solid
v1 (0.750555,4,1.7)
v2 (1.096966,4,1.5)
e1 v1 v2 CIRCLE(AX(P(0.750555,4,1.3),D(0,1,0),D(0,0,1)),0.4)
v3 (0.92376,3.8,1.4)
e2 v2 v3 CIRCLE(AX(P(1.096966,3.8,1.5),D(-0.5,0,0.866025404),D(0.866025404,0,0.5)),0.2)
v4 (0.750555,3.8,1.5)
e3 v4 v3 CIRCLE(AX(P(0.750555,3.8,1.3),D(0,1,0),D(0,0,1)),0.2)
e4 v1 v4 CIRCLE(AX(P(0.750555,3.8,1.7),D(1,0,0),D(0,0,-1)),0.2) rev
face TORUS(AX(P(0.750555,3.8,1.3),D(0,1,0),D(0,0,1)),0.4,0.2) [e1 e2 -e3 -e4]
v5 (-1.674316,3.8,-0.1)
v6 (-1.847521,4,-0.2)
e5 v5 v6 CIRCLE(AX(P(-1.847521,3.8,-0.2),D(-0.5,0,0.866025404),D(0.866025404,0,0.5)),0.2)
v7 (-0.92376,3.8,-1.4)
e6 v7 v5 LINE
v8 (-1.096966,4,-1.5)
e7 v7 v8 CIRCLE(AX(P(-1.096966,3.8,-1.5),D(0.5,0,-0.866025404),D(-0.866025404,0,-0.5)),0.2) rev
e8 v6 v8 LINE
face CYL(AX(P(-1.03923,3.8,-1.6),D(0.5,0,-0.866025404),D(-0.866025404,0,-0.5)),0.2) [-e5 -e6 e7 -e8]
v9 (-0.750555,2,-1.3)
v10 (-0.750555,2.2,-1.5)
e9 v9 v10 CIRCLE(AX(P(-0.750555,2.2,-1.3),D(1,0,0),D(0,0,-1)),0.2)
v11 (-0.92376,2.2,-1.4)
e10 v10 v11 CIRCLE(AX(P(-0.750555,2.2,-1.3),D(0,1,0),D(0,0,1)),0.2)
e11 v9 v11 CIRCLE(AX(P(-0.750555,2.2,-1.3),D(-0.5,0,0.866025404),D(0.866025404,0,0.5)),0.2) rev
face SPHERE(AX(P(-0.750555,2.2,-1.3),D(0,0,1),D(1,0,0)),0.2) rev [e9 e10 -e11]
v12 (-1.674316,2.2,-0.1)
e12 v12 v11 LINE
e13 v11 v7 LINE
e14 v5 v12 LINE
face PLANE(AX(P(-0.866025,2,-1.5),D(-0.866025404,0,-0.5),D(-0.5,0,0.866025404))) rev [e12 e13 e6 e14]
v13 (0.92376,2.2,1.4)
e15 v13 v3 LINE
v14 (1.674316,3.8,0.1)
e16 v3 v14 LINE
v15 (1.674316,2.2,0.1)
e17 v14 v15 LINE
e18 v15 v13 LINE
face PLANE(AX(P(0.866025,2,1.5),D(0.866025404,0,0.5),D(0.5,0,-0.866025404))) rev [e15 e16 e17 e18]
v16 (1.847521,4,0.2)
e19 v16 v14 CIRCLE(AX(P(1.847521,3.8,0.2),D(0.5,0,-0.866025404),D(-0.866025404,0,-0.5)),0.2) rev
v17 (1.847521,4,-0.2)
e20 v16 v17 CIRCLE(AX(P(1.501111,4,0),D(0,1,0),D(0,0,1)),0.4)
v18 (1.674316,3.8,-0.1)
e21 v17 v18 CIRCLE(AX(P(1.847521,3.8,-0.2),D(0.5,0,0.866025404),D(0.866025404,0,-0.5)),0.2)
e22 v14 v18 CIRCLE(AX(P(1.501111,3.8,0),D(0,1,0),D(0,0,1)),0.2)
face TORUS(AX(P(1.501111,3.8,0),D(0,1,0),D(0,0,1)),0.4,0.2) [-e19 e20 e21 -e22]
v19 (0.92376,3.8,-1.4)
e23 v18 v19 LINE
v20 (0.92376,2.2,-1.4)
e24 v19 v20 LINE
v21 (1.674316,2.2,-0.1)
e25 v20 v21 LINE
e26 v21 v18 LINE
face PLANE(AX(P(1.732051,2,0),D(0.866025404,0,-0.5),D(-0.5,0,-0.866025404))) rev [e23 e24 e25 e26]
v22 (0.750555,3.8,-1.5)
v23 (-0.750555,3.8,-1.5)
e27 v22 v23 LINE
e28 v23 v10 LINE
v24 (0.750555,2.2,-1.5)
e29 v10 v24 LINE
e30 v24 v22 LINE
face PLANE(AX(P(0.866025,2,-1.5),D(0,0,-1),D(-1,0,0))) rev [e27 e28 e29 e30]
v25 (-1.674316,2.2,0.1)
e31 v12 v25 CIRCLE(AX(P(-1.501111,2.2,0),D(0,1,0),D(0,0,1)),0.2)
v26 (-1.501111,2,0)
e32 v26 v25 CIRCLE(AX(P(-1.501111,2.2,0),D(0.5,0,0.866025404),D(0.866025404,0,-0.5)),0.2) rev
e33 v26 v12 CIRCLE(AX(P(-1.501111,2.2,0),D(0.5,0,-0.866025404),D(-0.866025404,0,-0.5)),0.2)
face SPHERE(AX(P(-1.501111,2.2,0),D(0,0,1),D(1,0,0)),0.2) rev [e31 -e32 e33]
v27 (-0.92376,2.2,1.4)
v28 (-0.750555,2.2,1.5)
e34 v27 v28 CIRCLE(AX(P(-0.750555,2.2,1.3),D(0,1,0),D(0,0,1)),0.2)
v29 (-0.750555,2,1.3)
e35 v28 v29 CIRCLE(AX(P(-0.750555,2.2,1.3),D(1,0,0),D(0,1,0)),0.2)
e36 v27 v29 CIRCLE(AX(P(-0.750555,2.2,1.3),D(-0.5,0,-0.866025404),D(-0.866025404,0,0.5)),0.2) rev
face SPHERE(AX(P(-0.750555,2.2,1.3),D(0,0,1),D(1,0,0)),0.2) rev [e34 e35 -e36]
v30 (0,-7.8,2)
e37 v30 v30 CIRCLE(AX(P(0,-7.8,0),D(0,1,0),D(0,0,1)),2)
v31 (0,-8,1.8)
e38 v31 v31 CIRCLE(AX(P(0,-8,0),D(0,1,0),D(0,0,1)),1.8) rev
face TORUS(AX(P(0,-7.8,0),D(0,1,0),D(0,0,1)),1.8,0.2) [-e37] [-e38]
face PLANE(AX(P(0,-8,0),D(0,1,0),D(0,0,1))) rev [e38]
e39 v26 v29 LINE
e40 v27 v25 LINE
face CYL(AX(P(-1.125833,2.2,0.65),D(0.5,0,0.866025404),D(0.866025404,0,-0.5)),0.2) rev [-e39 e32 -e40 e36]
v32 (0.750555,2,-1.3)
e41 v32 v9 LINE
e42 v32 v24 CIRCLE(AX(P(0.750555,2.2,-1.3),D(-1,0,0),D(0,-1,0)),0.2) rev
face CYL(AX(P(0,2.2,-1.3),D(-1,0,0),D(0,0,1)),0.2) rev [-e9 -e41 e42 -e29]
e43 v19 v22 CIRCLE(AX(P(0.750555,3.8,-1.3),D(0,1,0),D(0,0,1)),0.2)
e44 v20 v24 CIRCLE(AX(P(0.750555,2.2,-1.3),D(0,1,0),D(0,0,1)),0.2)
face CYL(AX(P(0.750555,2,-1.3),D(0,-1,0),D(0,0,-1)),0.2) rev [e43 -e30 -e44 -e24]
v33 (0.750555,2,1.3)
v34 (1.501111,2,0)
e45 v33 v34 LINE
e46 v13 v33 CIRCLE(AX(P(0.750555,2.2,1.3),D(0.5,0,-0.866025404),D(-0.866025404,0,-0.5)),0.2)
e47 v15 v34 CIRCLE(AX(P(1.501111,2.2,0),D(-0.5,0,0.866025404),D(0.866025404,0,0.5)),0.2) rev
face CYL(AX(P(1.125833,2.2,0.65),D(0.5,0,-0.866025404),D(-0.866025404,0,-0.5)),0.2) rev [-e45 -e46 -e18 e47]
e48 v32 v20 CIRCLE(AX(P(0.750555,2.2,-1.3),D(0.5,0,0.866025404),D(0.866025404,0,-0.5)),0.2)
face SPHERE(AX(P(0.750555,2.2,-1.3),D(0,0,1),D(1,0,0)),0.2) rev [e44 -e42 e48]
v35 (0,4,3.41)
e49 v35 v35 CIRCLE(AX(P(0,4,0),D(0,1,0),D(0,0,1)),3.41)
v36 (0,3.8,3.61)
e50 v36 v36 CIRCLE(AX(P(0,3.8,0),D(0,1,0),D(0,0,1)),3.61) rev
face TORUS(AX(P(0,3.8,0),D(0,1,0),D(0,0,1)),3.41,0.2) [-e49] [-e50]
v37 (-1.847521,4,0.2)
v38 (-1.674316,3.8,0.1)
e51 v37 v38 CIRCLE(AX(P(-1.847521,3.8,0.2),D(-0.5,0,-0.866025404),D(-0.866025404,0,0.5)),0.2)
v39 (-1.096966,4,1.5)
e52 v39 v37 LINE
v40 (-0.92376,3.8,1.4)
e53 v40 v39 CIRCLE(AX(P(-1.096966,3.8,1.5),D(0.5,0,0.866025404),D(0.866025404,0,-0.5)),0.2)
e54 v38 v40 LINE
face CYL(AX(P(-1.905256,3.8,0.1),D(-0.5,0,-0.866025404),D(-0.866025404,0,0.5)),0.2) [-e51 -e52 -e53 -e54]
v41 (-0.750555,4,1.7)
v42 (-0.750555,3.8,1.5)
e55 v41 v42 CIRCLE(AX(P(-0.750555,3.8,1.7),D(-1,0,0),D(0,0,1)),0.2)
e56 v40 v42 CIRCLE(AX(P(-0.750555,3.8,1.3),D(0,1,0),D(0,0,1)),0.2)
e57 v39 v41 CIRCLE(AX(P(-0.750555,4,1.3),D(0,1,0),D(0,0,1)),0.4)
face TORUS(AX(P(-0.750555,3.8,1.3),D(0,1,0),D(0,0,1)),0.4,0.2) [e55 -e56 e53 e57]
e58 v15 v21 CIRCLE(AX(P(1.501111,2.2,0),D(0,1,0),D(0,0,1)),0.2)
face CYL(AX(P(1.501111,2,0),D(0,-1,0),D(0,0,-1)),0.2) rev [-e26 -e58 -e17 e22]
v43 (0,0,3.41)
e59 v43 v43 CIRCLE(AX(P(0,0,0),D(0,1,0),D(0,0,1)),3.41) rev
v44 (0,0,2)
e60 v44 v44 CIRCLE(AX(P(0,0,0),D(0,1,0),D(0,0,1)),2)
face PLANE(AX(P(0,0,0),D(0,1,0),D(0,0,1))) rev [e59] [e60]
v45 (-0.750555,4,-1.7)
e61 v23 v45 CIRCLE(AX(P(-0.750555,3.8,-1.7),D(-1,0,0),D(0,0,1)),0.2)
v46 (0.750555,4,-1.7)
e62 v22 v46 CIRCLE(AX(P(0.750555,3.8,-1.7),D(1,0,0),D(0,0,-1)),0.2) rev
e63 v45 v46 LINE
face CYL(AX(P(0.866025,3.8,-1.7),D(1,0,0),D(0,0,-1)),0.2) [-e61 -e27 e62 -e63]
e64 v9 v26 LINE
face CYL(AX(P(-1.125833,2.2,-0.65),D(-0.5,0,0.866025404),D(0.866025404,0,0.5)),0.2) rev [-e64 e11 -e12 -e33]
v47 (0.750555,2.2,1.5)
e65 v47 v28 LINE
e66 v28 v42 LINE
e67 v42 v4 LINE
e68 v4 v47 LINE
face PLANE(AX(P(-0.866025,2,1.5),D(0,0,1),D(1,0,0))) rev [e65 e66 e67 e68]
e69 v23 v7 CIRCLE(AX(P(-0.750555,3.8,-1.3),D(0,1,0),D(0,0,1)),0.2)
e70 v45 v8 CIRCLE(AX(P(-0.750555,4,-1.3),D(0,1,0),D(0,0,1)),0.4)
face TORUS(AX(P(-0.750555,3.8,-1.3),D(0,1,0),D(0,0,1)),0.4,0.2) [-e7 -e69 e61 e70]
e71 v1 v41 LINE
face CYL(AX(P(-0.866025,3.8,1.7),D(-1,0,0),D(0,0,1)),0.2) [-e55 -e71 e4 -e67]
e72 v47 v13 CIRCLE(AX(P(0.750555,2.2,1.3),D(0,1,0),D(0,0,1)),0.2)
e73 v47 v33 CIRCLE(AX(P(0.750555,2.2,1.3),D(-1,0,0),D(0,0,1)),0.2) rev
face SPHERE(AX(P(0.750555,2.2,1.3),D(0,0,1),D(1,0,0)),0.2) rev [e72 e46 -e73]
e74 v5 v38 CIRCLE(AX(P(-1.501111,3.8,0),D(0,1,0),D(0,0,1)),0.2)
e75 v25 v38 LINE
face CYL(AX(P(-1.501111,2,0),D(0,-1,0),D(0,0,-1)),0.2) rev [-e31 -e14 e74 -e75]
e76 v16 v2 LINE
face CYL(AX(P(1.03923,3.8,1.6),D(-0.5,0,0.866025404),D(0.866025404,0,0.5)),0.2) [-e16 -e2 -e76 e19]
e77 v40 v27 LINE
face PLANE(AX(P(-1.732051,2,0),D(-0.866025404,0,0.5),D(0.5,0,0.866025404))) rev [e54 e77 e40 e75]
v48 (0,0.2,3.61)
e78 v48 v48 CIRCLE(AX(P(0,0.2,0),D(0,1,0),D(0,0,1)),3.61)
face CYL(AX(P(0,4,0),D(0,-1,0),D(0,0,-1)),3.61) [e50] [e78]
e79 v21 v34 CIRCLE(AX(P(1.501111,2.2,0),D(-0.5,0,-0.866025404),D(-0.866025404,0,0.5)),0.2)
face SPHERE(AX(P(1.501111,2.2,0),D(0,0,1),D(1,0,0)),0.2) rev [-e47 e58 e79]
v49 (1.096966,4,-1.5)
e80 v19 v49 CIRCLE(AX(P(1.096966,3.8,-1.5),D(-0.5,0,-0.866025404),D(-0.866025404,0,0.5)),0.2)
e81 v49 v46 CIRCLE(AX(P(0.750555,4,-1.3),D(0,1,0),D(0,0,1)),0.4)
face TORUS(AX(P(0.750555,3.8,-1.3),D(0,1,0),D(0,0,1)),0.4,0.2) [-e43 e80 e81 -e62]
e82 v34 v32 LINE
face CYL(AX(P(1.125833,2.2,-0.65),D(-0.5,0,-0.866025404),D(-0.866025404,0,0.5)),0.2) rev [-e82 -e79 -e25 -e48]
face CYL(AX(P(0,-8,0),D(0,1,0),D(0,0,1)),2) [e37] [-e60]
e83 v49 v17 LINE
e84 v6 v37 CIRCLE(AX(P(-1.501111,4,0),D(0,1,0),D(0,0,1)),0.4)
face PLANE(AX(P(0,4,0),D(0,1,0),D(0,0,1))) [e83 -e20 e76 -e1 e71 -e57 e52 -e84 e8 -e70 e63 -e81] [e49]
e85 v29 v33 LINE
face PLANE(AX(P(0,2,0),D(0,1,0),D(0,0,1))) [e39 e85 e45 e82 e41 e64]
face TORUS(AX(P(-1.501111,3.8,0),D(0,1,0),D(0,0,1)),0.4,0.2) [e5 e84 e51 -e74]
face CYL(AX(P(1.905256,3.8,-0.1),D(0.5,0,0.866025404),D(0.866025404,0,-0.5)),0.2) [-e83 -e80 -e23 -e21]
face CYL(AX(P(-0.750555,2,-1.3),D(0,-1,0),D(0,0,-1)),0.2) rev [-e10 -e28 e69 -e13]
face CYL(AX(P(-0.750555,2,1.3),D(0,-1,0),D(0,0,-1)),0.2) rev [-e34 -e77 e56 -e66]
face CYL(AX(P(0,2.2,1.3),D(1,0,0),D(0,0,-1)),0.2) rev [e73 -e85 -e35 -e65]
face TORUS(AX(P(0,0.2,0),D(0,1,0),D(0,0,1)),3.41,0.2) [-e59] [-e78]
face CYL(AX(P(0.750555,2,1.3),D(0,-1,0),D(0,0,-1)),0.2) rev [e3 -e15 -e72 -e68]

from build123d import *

# Parameters (mm, degrees)
SKETCH1_R           = 2
BOSS_EXTRUDE1_DEPTH = 8
SKETCH2_R           = 3.61
BOSS_EXTRUDE2_DEPTH = 4
CUT_EXTRUDE1_DEPTH  = 2
FILLET1_R           = 0.2


with BuildPart() as part:
    # Sketch1 → Boss-Extrude1 (new body)
    with BuildSketch(Plane(origin=(0, 0, 0), x_dir=(1, 0, 0), z_dir=(0, 1, 0))):
        with Locations(Location((0, 0, 0), (0, 0, 270))):
            Circle(SKETCH1_R)
    extrude(amount=-BOSS_EXTRUDE1_DEPTH)

    # Sketch2 → Boss-Extrude2 (add)
    with BuildSketch(Plane(origin=(0, 0, 0), x_dir=(1, 0, 0), z_dir=(0, 1, 0))):
        with Locations(Location((0, 0, 0), (0, 0, 270))):
            Circle(SKETCH2_R)
    extrude(amount=BOSS_EXTRUDE2_DEPTH)

    # Sketch3 → Cut-Extrude1 (cut)
    with BuildSketch(Plane(origin=(0, 4, 0), x_dir=(1, 0, 0), z_dir=(0, 1, 0))):
        Polygon((1.732050808, 0), (0.866025404, 1.5), (-0.866025404, 1.5), (-1.732050808, 0), (-0.866025404, -1.5), (0.866025404, -1.5), align=None)
    extrude(amount=-CUT_EXTRUDE1_DEPTH, mode=Mode.SUBTRACT)

    # Fillet1
    fillet1_edges = [part.edges().sort_by_distance(p)[0] for p in [
        (1.299038106, 2, 0.75),
        (1.732050808, 3, 0),
        (0, 2, 1.5),
        (0.866025404, 3, 1.5),
        (-1.299038106, 2, 0.75),
        (-0.866025404, 3, 1.5),
        (-1.299038106, 2, -0.75),
        (-1.732050808, 3, 0),
        (0, 2, -1.5),
        (-0.866025404, 3, -1.5),
        (1.299038106, 2, -0.75),
        (0.866025404, 3, -1.5),
        (1.299038106, 4, 0.75),
        (1.299038106, 4, -0.75),
        (0, 4, -1.5),
        (-1.299038106, 4, -0.75),
        (-1.299038106, 4, 0.75),
        (0, 4, 1.5),
        (0, -8, -2),
        (0, 0, -3.61),
        (0, 4, -3.61),
    ]]
    fillet(fillet1_edges, radius=FILLET1_R)


solid = part.part
